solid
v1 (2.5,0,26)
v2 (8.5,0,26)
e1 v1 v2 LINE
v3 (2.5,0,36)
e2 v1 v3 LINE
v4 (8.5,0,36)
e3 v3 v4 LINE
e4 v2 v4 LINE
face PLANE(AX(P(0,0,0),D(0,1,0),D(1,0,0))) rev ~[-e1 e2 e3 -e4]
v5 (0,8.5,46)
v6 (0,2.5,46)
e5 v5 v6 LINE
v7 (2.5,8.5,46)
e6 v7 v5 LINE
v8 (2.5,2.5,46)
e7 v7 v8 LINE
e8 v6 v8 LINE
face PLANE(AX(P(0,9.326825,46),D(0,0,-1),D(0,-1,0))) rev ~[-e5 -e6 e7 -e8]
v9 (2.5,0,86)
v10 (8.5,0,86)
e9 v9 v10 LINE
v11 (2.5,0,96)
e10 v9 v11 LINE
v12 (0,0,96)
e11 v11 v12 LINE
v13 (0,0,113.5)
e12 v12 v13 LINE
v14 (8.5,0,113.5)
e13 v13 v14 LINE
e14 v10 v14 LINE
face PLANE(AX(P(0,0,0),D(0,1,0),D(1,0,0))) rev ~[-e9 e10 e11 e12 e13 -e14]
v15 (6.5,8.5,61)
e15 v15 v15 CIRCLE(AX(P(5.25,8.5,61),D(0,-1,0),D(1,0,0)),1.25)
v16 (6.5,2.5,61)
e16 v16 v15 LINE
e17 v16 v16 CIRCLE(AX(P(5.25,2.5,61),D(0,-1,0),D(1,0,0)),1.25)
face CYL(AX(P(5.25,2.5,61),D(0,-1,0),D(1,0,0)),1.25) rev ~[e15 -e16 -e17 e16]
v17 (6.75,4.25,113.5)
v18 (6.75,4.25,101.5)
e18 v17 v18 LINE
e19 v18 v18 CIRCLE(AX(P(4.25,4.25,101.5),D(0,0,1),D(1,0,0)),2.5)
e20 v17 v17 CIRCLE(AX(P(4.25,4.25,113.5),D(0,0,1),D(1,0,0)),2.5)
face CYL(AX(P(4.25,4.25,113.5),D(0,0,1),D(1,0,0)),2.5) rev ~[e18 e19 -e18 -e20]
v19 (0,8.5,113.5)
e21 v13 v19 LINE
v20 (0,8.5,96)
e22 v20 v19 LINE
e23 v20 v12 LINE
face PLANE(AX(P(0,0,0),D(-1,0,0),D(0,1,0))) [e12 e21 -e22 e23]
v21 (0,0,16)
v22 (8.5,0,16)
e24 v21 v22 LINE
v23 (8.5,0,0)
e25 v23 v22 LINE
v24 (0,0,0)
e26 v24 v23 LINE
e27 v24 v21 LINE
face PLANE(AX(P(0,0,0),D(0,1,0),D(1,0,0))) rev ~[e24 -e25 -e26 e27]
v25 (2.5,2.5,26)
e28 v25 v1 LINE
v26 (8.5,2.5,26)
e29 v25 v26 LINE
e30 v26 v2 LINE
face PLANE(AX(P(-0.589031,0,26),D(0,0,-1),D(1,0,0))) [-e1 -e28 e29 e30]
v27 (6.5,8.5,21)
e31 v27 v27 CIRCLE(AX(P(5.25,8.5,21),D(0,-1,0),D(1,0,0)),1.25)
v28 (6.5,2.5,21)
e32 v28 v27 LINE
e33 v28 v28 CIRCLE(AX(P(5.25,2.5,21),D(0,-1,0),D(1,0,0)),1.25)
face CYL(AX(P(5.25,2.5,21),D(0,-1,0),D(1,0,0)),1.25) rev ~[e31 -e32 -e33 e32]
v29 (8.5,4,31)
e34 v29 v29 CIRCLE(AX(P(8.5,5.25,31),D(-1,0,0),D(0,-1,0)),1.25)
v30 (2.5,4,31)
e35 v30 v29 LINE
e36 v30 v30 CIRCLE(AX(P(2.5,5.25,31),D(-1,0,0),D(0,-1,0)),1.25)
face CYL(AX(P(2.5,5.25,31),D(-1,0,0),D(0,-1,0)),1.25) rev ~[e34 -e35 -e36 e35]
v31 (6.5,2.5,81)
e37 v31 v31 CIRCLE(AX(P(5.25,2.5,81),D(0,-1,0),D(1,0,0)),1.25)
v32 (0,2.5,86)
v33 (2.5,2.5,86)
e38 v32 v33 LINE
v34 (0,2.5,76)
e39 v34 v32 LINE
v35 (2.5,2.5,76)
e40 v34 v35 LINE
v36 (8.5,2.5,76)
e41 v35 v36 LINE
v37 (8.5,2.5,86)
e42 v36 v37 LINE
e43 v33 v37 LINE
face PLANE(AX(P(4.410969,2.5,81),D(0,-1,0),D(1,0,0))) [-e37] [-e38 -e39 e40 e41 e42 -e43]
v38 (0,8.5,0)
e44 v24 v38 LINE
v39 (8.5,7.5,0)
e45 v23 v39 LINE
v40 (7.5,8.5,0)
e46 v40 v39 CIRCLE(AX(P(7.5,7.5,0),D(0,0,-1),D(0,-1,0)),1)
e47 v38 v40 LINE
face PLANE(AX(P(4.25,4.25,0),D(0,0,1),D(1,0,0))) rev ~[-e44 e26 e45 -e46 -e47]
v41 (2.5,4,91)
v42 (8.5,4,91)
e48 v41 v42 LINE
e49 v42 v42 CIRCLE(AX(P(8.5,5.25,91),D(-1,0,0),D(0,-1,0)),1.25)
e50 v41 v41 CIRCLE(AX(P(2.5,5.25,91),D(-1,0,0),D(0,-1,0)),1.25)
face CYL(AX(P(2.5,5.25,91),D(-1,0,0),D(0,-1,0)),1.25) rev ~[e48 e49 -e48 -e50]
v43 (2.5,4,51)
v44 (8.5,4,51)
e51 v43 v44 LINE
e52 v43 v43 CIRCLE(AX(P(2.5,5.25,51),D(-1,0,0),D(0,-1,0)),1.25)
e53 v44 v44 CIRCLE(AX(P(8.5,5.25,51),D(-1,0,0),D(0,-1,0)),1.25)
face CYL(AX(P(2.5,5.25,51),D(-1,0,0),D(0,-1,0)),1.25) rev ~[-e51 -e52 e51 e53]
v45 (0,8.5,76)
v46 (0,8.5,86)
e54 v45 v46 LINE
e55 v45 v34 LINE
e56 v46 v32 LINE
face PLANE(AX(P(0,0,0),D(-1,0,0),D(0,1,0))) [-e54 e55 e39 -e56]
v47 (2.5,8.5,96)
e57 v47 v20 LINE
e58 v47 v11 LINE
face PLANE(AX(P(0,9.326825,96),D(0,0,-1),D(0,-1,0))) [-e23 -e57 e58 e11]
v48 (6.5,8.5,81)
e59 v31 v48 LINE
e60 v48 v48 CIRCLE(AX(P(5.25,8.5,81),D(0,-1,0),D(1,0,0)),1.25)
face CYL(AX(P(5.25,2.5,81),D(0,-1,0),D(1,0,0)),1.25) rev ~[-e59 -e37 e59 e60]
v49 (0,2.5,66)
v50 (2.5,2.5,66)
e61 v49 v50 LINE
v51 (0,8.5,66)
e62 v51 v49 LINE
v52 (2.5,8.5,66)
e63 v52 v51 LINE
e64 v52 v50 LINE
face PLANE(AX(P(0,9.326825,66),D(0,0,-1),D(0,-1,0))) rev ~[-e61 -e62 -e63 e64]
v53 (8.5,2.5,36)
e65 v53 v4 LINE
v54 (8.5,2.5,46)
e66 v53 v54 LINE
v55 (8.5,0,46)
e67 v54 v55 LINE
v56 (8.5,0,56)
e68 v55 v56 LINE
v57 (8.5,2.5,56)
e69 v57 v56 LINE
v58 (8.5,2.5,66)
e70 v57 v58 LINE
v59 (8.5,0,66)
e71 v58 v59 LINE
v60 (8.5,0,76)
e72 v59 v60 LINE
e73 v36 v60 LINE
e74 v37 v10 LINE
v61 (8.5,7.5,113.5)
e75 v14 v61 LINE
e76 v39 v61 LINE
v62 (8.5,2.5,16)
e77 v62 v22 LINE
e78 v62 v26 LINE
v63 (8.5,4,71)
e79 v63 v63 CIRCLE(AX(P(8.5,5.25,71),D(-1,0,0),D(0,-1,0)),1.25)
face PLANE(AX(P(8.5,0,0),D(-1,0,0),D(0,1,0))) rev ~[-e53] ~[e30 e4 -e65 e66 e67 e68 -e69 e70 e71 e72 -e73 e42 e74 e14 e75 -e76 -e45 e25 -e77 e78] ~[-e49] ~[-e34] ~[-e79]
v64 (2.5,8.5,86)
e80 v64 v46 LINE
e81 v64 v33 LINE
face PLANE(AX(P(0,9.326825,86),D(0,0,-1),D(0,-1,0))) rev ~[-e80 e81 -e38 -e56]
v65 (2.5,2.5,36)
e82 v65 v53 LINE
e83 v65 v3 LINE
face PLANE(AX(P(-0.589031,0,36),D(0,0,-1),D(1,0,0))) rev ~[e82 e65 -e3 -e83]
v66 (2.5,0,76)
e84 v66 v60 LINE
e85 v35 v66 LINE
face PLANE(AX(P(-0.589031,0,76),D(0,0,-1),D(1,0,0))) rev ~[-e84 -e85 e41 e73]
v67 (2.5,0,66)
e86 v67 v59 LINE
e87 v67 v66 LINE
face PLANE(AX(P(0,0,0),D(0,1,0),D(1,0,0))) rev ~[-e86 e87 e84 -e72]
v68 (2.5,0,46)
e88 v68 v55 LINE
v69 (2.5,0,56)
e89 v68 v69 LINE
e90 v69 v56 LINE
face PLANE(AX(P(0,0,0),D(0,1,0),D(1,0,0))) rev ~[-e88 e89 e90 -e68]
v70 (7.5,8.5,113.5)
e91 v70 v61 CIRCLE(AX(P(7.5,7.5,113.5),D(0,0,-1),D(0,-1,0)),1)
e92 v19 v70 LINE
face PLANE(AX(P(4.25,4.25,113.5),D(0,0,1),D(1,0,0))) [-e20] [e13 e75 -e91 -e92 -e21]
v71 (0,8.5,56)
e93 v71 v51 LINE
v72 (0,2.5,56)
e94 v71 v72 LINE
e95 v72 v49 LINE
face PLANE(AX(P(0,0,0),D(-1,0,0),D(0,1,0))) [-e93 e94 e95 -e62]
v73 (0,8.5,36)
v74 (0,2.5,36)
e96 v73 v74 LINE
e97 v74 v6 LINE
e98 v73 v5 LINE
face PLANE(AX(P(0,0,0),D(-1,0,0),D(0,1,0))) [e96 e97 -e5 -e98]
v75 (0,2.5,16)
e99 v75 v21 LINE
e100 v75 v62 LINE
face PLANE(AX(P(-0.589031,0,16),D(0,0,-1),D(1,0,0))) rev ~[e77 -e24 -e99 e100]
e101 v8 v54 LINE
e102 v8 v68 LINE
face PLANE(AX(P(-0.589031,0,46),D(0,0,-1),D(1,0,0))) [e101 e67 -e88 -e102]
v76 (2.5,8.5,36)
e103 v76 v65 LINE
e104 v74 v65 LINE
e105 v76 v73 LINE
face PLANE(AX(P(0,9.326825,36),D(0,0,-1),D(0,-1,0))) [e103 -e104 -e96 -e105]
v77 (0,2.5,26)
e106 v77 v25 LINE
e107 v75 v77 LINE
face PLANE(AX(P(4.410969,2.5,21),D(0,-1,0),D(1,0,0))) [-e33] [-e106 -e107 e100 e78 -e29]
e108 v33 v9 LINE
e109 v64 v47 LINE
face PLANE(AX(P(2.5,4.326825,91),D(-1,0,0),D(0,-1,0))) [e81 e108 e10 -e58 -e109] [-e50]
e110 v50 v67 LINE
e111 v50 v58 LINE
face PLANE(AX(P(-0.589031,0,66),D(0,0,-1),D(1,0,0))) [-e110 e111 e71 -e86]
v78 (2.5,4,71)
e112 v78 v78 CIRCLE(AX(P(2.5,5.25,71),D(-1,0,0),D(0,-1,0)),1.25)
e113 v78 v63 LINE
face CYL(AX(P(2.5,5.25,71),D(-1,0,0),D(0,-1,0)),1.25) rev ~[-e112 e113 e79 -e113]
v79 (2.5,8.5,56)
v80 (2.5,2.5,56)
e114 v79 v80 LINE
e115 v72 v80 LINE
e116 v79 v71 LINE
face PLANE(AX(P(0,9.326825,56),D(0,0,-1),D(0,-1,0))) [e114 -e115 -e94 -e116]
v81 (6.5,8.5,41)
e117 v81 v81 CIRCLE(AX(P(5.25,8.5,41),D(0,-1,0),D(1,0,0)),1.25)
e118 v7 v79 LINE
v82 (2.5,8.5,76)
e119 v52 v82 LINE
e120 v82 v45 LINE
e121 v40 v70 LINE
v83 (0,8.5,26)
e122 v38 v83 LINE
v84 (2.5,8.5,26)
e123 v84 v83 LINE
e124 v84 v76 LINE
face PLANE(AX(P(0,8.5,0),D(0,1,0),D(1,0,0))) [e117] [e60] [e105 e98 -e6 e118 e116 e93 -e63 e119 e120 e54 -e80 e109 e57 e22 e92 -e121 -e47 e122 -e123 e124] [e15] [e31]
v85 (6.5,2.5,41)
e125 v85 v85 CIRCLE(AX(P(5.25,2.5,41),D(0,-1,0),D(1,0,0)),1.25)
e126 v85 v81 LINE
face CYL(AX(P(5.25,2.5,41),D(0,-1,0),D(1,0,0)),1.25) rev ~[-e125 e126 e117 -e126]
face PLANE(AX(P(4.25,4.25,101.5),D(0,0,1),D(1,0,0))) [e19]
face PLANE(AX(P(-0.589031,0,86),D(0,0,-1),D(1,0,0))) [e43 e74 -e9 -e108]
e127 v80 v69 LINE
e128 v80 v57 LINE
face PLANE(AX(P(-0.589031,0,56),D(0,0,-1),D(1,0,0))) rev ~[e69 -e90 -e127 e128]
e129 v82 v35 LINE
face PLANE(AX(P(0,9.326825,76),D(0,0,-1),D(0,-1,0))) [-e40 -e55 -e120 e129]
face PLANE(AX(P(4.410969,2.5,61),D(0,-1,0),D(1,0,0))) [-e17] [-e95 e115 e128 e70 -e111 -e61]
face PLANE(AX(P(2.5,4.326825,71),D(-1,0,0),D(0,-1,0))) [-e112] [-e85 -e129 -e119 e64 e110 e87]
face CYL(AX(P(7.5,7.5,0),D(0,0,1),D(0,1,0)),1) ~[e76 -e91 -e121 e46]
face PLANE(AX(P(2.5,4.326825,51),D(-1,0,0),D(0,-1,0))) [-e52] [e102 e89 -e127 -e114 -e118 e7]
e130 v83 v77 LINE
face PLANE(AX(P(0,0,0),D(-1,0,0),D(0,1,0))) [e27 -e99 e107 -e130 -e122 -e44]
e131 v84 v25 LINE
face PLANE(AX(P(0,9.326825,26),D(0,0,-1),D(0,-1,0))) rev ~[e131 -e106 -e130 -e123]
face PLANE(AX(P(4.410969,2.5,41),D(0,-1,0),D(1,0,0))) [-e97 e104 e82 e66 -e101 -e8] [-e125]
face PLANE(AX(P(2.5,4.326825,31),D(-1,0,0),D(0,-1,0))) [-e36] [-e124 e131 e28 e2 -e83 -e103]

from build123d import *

# Parameters (mm, degrees)
SKETCH_W               = 8.5
SKETCH_H               = 8.5
PAD_DEPTH              = 113.5
SKETCH001_W            = 10
SKETCH001_H            = 10
POCKET_DEPTH           = 2.5
LINEARPATTERN_COUNT    = 4
LINEARPATTERN_PITCH    = 20
SKETCH002_W            = 10
SKETCH002_H            = 10
POCKET001_DEPTH        = 2.5
LINEARPATTERN001_COUNT = 4
LINEARPATTERN001_PITCH = 20
FILLET_R               = 1
SKETCH003_R            = 1.25
POCKET002_DEPTH        = 6.001
LINEARPATTERN002_COUNT = 4
LINEARPATTERN002_PITCH = 20
SKETCH004_R            = 1.25
POCKET003_DEPTH        = 6.001
LINEARPATTERN003_COUNT = 4
LINEARPATTERN003_PITCH = 20
SKETCH005_R            = 2.5
POCKET004_DEPTH        = 12


with BuildPart() as part:
    # Sketch → Pad (new body)
    with BuildSketch(Plane.XY):
        with Locations((4.25, 4.25)):
            Rectangle(SKETCH_W, SKETCH_H)
    extrude(amount=PAD_DEPTH)

    # Sketch001 → Pocket (cut)
    with BuildSketch(Plane.XZ):
        with Locations((4.410969, 21)):
            Rectangle(SKETCH001_W, SKETCH001_H)
    pocket = extrude(amount=-POCKET_DEPTH, mode=Mode.SUBTRACT)

    # LinearPattern: Pocket ×4
    with Locations(*[(0, 0, i * LINEARPATTERN_PITCH) for i in range(1, LINEARPATTERN_COUNT)]):
        add(pocket, mode=Mode.SUBTRACT)

    # Sketch002 → Pocket001 (cut)
    with BuildSketch(Plane(origin=(0, 0, 0), x_dir=(0, -1, 0), z_dir=(-1, 0, 0))):
        with Locations((-4.326825, 31)):
            Rectangle(SKETCH002_W, SKETCH002_H)
    pocket001 = extrude(amount=-POCKET001_DEPTH, mode=Mode.SUBTRACT)

    # LinearPattern001: Pocket001 ×4
    with Locations(*[(0, 0, i * LINEARPATTERN001_PITCH) for i in range(1, LINEARPATTERN001_COUNT)]):
        add(pocket001, mode=Mode.SUBTRACT)

    # Fillet
    fillet_edges = [part.edges().sort_by_distance(p)[0] for p in [
        (8.5, 8.5, 56.75),
    ]]
    fillet(fillet_edges, radius=FILLET_R)

    # Sketch003 → Pocket002 (cut, through all)
    with BuildSketch(Plane.XZ.offset(-2.5)):
        with Locations((5.25, 21)):
            Circle(SKETCH003_R)
    pocket002 = extrude(amount=-POCKET002_DEPTH, mode=Mode.SUBTRACT)

    # LinearPattern002: Pocket002 ×4
    with Locations(*[(0, 0, i * LINEARPATTERN002_PITCH) for i in range(1, LINEARPATTERN002_COUNT)]):
        add(pocket002, mode=Mode.SUBTRACT)

    # Sketch004 → Pocket003 (cut, through all)
    with BuildSketch(Plane(origin=(2.5, 0, 0), x_dir=(0, -1, 0), z_dir=(-1, 0, 0))):
        with Locations((-5.25, 31)):
            Circle(SKETCH004_R)
    pocket003 = extrude(amount=-POCKET003_DEPTH, mode=Mode.SUBTRACT)

    # LinearPattern003: Pocket003 ×4
    with Locations(*[(0, 0, i * LINEARPATTERN003_PITCH) for i in range(1, LINEARPATTERN003_COUNT)]):
        add(pocket003, mode=Mode.SUBTRACT)

    # Sketch005 → Pocket004 (cut)
    with BuildSketch(Plane.XY.offset(113.5)):
        with Locations((4.25, 4.25)):
            Circle(SKETCH005_R)
    extrude(amount=-POCKET004_DEPTH, mode=Mode.SUBTRACT)


solid = part.part
